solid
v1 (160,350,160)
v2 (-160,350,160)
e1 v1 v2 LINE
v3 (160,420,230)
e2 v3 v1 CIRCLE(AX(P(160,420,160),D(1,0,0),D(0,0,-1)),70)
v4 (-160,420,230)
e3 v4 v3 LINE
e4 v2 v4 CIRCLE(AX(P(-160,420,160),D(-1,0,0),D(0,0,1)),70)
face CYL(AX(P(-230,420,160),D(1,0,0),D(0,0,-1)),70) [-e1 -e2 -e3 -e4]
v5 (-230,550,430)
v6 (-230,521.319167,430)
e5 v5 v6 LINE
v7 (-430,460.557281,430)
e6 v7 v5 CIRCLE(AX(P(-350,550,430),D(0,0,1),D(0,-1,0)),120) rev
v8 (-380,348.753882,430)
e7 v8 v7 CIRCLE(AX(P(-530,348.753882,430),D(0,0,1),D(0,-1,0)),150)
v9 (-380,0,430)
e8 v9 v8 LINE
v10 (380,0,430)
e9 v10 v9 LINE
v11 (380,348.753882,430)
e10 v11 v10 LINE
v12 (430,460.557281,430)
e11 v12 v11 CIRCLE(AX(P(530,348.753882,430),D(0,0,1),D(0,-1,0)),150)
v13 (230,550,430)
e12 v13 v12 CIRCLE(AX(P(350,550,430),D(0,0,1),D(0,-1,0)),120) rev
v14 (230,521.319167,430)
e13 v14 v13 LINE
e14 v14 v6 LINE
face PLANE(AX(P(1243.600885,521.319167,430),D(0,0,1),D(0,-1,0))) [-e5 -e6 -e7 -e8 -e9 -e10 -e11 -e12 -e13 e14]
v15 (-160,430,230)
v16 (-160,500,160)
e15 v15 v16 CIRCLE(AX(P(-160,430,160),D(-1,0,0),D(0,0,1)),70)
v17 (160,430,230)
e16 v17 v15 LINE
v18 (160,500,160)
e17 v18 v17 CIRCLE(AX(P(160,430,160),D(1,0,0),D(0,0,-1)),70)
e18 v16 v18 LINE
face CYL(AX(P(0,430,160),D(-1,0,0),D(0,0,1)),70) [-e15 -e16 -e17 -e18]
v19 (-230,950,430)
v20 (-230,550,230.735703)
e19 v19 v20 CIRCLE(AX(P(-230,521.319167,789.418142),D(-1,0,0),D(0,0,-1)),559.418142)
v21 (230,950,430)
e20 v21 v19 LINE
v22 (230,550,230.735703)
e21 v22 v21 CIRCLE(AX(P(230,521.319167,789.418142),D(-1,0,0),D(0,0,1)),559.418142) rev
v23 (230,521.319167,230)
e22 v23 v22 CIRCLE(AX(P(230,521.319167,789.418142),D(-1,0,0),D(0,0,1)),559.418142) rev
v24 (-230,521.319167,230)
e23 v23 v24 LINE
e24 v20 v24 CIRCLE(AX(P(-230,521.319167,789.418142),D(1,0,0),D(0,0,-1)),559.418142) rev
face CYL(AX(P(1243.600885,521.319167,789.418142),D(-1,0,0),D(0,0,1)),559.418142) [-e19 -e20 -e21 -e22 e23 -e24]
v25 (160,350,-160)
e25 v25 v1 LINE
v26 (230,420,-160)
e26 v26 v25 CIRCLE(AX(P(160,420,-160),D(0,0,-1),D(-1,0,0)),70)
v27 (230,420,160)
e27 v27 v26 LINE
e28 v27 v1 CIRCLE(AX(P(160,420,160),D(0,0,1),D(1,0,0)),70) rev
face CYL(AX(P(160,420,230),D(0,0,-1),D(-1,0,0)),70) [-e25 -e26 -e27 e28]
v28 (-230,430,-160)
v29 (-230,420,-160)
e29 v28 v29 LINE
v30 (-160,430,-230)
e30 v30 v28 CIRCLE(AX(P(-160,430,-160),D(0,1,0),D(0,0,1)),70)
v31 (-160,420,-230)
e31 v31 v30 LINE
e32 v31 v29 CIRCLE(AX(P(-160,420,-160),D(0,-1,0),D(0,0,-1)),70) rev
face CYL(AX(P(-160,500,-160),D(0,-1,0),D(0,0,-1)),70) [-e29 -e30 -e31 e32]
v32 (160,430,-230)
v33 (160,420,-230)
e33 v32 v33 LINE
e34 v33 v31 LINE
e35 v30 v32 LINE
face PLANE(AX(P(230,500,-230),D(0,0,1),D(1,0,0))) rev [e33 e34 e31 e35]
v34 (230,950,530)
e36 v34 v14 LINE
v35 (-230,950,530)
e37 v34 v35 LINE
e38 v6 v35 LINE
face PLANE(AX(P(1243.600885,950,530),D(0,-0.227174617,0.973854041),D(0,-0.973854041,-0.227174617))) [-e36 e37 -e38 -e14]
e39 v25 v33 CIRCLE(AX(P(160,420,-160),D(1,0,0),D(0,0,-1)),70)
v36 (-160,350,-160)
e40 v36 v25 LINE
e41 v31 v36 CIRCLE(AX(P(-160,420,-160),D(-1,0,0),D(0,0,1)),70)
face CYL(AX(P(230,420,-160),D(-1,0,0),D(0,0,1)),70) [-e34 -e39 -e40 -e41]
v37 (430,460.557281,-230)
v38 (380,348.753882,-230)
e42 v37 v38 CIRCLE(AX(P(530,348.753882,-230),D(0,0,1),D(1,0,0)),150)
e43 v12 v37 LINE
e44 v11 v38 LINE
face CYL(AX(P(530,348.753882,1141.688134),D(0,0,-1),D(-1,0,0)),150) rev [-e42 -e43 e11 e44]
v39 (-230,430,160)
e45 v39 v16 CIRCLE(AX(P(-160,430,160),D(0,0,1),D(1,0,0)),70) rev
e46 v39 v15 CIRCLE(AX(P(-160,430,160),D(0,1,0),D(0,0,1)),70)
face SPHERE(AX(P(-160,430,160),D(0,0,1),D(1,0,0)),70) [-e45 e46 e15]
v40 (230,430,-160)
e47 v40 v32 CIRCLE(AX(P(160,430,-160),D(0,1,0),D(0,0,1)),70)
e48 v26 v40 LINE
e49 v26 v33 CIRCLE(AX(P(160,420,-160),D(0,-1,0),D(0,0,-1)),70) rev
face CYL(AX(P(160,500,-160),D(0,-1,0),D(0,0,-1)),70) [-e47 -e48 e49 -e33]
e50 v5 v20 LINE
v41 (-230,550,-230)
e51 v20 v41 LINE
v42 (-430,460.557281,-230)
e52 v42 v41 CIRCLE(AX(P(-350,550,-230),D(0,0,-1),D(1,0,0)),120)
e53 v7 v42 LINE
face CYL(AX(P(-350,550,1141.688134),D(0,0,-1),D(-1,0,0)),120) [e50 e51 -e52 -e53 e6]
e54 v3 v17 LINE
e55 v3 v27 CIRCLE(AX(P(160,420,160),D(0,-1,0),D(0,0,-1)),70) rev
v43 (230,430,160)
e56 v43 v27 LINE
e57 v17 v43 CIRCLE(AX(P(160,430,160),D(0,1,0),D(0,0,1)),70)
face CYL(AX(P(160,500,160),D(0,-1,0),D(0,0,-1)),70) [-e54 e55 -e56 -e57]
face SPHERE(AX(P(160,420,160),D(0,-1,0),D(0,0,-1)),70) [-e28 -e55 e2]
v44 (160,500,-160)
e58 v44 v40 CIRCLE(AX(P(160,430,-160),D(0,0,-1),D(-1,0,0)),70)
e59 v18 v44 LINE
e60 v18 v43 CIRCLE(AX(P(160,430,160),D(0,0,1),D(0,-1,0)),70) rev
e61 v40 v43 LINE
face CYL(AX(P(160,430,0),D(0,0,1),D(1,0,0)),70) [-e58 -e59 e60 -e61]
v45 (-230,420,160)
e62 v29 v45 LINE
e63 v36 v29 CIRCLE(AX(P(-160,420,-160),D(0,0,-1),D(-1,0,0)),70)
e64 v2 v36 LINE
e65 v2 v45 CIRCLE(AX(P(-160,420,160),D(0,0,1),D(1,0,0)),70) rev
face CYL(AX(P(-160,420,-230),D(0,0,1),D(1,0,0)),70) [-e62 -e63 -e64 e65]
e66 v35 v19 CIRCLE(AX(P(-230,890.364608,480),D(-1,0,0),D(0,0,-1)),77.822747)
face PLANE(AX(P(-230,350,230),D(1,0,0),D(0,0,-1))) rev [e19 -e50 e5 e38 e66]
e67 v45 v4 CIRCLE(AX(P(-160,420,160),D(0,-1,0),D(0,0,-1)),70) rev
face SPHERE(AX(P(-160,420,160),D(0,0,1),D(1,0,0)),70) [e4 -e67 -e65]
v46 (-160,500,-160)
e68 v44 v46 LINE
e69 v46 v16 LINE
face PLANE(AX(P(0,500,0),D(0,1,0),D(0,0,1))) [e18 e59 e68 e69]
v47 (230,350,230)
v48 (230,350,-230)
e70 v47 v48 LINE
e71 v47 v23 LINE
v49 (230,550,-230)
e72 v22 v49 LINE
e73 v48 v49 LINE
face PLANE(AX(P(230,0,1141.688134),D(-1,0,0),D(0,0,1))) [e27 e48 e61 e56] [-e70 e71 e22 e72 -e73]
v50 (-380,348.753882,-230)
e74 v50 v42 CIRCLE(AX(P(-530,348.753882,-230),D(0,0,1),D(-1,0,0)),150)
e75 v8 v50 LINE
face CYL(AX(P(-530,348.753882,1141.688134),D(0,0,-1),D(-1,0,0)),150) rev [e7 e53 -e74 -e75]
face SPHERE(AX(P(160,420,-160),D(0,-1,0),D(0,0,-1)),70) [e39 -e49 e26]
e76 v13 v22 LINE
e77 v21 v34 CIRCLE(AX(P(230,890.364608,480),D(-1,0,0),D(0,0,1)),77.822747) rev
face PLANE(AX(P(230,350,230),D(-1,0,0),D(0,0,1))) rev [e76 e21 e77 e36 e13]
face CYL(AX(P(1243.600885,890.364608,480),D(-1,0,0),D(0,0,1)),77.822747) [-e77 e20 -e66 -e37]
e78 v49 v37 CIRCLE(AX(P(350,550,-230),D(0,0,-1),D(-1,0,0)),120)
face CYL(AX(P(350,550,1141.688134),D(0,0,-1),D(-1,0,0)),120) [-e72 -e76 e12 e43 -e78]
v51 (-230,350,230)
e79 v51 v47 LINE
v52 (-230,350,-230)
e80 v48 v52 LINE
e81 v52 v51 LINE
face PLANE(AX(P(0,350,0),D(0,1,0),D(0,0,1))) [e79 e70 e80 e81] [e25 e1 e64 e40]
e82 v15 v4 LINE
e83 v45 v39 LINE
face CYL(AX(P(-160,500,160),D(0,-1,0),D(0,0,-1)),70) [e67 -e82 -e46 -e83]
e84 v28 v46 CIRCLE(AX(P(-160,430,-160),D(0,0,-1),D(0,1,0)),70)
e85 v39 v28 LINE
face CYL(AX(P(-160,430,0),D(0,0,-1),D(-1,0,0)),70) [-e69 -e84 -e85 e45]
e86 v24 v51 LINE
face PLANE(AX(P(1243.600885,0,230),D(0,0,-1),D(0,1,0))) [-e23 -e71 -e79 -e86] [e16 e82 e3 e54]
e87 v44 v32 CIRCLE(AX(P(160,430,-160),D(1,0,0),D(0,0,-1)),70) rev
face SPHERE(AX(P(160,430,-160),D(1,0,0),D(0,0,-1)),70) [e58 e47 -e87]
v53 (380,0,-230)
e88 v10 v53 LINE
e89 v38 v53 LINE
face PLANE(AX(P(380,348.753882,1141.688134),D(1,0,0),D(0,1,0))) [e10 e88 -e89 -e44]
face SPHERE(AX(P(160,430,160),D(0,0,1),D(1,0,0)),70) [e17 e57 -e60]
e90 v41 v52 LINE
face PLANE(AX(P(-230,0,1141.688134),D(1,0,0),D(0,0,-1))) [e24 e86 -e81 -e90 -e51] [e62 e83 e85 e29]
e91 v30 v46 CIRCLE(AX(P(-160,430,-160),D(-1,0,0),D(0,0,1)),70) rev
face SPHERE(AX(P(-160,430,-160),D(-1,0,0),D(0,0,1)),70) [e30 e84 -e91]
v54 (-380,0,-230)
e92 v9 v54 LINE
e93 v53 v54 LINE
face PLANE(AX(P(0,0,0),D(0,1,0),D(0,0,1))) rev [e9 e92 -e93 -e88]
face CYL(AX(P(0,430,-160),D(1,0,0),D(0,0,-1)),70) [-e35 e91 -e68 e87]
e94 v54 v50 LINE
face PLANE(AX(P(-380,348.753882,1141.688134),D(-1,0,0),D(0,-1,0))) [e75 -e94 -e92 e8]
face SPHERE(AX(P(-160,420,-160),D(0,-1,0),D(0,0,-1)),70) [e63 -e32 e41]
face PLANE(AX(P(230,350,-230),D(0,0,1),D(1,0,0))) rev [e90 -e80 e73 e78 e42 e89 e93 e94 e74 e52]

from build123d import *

# Parameters (mm, degrees)
SKETCH2_W           = 460
SKETCH2_H           = 460
BOSS_EXTRUDE1_DEPTH = 350
SKETCH3_W           = 460
SKETCH3_H           = 460
BOSS_EXTRUDE2_DEPTH = 150
FILLET1_R           = 70
BOSS_EXTRUDE3_DEPTH = 460
BOSS_EXTRUDE4_REACH = 1254.153


with BuildPart() as part:
    # Sketch2 → Boss-Extrude1 (new body)
    with BuildSketch(Plane(origin=(0, 0, 0), x_dir=(1, 0, 0), z_dir=(0, 1, 0))):
        Rectangle(SKETCH2_W, SKETCH2_H)
    extrude(amount=BOSS_EXTRUDE1_DEPTH)



with BuildPart() as body_2:
    # Sketch3 → Boss-Extrude2 (new body)
    with BuildSketch(Plane(origin=(0, 350, 0), x_dir=(1, 0, 0), z_dir=(0, 1, 0))):
        Rectangle(SKETCH3_W, SKETCH3_H)
    extrude(amount=BOSS_EXTRUDE2_DEPTH)

    # Fillet1
    fillet1_edges = [body_2.edges().sort_by_distance(p)[0] for p in [
        (0, 500, 230),
        (230, 500, 0),
        (0, 500, -230),
        (230, 350, 0),
        (0, 350, 230),
        (-230, 350, 0),
        (0, 350, -230),
        (230, 425, -230),
        (230, 425, 230),
        (-230, 425, 230),
        (-230, 425, -230),
        (-230, 500, 0),
    ]]
    fillet(fillet1_edges, radius=FILLET1_R)


with BuildPart() as part_1:
    add(part.part)

    add(body_2.part)  # Boss-Extrude3 merges body 2
    # Sketch4 → Boss-Extrude3 (add)
    with BuildSketch(Plane.ZY.offset(230)):
        with BuildLine():
            Line((230, 0), (230, 521.319166655))
            ThreePointArc((230, 521.319166655), (282.459718261, 757.839386127), (430, 950))
            ThreePointArc((430, 950), (480, 968.18735527), (530, 950))
            Line((530, 950), (430, 521.319166655))
            Line((430, 521.319166655), (430, 0))
            Line((430, 0), (230, 0))
        make_face()
    extrude(amount=-BOSS_EXTRUDE3_DEPTH)

    # Boss-Extrude4: up to this face of the body (flat: up to its plane)
    boss_extrude4_end = Plane(part_1.part.faces().sort_by_distance((0, 260.659583327, 430))[0])
    # Sketch5 → Boss-Extrude4 (add, up to the picked face)
    with BuildSketch(Plane(origin=(0, 0, -230), x_dir=(-1, 0, 0), z_dir=(0, 0, -1)), mode=Mode.PRIVATE) as boss_extrude4_sk1:
        with BuildLine():
            Line((230, 0), (230, 550))
            ThreePointArc((230, 550), (398.989794856, 659.544511501), (430, 460.5572809))
            ThreePointArc((430, 460.5572809), (393.069360624, 409.991125595), (380, 348.753882025))
            Line((380, 348.753882025), (380, 0))
            Line((380, 0), (230, 0))
        make_face()
    boss_extrude4_tool1 = split(extrude(boss_extrude4_sk1.sketch, amount=-BOSS_EXTRUDE4_REACH, mode=Mode.PRIVATE), bisect_by=boss_extrude4_end, keep=Keep.BOTH, mode=Mode.PRIVATE)
    # Sketch5 → Boss-Extrude4 (add, up to the picked face)
    with BuildSketch(Plane(origin=(0, 0, -230), x_dir=(-1, 0, 0), z_dir=(0, 0, -1)), mode=Mode.PRIVATE) as boss_extrude4_sk2:
        with BuildLine():
            Line((-380, 0), (-230, 0))
            Line((-230, 0), (-230, 550))
            ThreePointArc((-230, 550), (-398.989794856, 659.544511501), (-430, 460.5572809))
            ThreePointArc((-430, 460.5572809), (-393.069360624, 409.991125595), (-380, 348.753882025))
            Line((-380, 348.753882025), (-380, 0))
        make_face()
    boss_extrude4_tool2 = split(extrude(boss_extrude4_sk2.sketch, amount=-BOSS_EXTRUDE4_REACH, mode=Mode.PRIVATE), bisect_by=boss_extrude4_end, keep=Keep.BOTH, mode=Mode.PRIVATE)
    add(boss_extrude4_tool1.solids().sort_by(Axis((-322.302459, 356.474998, -230), (0, 0, 1)))[0])
    add(boss_extrude4_tool2.solids().sort_by(Axis((322.302459, 356.474998, -230), (0, 0, 1)))[0])


solid = part_1.part
